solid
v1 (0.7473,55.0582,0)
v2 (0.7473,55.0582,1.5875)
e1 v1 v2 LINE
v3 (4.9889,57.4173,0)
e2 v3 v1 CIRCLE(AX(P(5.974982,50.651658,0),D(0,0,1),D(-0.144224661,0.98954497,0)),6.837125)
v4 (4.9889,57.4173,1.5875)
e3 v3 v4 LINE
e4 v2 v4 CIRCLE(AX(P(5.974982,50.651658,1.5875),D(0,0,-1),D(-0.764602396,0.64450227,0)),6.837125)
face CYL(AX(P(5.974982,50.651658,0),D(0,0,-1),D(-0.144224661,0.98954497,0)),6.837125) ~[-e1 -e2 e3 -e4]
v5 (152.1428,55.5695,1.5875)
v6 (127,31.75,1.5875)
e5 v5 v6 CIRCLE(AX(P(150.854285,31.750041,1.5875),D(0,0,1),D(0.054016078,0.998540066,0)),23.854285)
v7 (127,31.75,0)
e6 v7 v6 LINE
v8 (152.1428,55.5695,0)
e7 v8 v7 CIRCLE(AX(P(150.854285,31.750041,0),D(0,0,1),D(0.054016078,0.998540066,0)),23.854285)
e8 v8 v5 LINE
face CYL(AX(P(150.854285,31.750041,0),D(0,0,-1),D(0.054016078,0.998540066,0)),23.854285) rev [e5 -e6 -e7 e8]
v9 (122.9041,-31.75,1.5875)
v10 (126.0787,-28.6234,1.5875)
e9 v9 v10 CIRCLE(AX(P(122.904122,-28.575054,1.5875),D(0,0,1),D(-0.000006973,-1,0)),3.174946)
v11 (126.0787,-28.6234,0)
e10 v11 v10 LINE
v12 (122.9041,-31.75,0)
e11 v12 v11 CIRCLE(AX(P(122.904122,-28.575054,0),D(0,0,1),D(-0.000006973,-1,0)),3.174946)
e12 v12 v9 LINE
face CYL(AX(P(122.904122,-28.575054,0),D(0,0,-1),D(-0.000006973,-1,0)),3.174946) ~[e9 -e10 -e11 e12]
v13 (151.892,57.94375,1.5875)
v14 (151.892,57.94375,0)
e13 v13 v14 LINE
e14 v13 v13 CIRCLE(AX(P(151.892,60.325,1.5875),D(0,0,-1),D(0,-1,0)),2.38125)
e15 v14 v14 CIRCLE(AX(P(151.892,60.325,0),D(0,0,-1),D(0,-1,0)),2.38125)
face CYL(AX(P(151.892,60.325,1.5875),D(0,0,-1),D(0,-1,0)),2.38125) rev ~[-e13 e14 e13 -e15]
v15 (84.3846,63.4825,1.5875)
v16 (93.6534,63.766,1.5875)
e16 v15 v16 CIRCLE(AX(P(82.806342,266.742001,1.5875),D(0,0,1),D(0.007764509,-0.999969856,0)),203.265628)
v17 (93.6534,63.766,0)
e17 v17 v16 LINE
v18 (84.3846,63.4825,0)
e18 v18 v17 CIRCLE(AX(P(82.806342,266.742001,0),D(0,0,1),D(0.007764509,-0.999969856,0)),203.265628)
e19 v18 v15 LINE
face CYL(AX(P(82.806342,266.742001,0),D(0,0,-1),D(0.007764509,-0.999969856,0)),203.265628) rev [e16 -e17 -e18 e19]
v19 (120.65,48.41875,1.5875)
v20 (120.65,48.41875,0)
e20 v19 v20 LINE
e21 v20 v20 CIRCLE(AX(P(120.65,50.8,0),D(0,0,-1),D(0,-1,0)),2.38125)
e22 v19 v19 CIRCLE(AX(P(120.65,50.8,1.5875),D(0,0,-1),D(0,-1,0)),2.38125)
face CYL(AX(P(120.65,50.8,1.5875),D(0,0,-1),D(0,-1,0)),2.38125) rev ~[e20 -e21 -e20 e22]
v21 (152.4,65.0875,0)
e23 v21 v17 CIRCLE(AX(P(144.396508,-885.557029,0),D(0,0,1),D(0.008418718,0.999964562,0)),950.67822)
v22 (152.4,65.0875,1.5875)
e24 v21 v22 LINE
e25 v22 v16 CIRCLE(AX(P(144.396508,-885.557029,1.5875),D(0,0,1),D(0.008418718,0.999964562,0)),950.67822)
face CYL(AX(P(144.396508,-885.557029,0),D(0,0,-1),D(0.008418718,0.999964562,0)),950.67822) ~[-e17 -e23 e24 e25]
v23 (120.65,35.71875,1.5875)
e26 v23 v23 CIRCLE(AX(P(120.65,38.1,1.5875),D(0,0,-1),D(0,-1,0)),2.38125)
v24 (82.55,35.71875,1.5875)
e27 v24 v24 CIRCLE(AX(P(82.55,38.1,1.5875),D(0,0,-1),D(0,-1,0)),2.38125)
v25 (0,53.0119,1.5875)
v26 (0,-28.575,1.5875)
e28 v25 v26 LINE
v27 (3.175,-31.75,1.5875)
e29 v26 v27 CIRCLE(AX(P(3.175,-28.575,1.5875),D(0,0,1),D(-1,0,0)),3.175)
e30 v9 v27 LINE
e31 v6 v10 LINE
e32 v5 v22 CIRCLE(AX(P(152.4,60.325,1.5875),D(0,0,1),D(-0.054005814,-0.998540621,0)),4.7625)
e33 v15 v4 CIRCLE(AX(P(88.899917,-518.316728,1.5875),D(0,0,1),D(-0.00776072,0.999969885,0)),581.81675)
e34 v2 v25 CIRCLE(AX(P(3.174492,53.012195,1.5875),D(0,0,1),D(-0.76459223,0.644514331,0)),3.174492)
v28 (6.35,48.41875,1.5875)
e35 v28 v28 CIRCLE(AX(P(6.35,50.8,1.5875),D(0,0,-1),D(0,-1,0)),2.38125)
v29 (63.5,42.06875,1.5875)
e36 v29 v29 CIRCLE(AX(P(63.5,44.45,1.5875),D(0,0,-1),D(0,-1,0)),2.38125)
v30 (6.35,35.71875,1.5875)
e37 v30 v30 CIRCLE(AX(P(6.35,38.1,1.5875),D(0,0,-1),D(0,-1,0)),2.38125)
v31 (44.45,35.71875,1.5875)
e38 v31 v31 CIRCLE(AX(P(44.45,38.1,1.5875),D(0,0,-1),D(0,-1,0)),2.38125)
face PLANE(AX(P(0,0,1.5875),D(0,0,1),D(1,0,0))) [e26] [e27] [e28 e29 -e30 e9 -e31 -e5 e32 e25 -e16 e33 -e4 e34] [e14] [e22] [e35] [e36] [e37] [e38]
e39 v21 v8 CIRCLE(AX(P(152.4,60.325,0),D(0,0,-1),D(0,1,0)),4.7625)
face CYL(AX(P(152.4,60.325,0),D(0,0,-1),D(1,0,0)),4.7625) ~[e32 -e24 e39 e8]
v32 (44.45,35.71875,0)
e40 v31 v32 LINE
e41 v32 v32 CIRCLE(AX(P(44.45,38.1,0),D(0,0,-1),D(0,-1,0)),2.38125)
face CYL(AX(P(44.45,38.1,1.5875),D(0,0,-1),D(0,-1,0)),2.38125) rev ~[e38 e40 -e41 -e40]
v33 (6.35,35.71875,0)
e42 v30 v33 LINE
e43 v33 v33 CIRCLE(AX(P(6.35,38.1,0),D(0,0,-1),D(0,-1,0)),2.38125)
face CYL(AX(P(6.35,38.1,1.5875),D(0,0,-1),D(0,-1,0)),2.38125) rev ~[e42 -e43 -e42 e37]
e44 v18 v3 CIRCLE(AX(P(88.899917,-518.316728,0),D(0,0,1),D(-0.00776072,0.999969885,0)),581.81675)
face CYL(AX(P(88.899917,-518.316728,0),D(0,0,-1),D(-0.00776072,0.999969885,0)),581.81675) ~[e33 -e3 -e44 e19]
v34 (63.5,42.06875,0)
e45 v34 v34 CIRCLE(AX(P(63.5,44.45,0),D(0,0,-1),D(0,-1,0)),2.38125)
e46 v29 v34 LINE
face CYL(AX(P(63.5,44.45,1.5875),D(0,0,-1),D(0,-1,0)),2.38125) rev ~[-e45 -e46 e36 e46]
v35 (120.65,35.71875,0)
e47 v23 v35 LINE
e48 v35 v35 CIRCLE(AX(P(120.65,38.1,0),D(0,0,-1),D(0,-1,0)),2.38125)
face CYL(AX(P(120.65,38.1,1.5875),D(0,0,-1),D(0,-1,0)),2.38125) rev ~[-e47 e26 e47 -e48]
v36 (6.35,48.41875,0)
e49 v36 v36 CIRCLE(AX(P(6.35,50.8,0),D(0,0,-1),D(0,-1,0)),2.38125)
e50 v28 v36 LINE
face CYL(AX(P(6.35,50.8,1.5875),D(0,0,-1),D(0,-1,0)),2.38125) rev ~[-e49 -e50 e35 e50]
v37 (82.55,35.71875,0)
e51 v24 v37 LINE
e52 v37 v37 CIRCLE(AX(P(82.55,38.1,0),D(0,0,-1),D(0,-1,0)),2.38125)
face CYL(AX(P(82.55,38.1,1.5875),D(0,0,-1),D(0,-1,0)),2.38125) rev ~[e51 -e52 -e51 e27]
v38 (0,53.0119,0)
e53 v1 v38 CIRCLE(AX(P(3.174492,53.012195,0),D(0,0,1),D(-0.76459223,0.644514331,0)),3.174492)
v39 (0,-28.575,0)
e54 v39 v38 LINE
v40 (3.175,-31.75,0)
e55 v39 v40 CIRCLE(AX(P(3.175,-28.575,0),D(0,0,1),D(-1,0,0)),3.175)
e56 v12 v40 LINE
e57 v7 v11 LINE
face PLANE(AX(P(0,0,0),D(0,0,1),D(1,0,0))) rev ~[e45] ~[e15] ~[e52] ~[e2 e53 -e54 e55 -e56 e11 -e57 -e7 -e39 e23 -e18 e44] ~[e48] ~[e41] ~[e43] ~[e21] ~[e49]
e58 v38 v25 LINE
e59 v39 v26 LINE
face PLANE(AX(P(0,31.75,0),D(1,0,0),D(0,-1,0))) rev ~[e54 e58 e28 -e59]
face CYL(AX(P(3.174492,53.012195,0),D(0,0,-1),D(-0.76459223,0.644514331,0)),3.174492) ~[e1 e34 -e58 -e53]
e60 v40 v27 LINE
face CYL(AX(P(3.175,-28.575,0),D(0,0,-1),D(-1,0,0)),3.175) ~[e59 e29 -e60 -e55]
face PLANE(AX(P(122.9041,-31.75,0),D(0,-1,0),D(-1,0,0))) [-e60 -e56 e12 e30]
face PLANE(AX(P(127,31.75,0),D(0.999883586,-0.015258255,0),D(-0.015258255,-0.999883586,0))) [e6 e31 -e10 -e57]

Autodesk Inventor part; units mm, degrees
ref_plane "YZ Plane" through (0, 0, 0) normal (1, 0, 0) x (0, 1, 0)
ref_plane "XZ Plane" through (0, 0, 0) normal (0, 1, 0) x (-1, 0, 0)
ref_plane "XY Plane" through (0, 0, 0) normal (0, 0, 1) x (1, 0, 0)
sketch "Sketch1" plane through (0, 0, 0) normal (0, 0, 1) x (1, 0, 0)
  line L0 (127, 63.5) -> (127, 57.15)
  line L1 (127, 57.15) -> (127, 31.75)
  line L2 (127, 31.75) -> (152.4, 31.75)
  line L3 (0, 60.325) -> (0, 63.5)
  line L4 (0, 63.5) -> (0, 57.15)
  arc A0 (152.4, 57.15) -> (127, 31.75) centre (152.4, 31.75) ccw construction
  line L5 (127, 63.5) -> (152.4, 63.5) construction
  line L6 (152.4, 57.15) -> (152.4, 63.5) construction
  arc A1 (152.4, 57.15) -> (152.4, 63.5) centre (152.4, 60.325) ccw construction
  line L7 (127, 63.5) -> (88.9, 63.5) construction
  line L8 (0, 57.15) -> (1.3137, 57.15)
  line L9 (3.175, 57.15) -> (3.175, 53.975)
  arc A2 (3.175, 57.15) -> (0, 53.975) centre (3.175, 53.975) ccw
  arc A3 (84.3846, 63.4825) -> (4.9889, 57.4173) centre (88.9, -518.3187) ccw
  arc A4 (4.9889, 57.4173) -> (0.7473, 55.0582) centre (5.9749, 50.6519) ccw
  arc A5 (0.7473, 55.0582) -> (0, 53.0119) centre (3.175, 53.0119) ccw
  circle A6 centre (152.4, 60.325) radius 4.7625
  arc A7 (152.1428, 55.5695) -> (127, 31.75) centre (150.8543, 31.75) ccw
  line L10 (127, 60.325) -> (152.4, 60.325) construction
  arc A8 (152.4, 65.0875) -> (93.6534, 63.766) centre (144.3966, -885.5701) ccw
  arc A9 (84.3846, 63.4825) -> (93.6534, 63.766) centre (82.8076, 266.6764) ccw
  line L11 (0, 57.15) -> (0, 31.75)
  line L12 (0, 31.75) -> (0, -28.575)
  line L13 (127, 31.75) -> (126.0787, -28.6234)
  line L14 (122.9041, -31.75) -> (3.175, -31.75)
  arc A10 (0, -28.575) -> (3.175, -31.75) centre (3.175, -28.575) ccw
  arc A11 (122.9041, -31.75) -> (126.0787, -28.6234) centre (122.9041, -28.575) ccw
  point P0 (127, 44.45)
  point P1 (0, -31.75)
  point P2 (126.031, -31.75)
  point P3 (0, 53.0119)
  dimension "d15" = 6.35
  dimension "d23" = 25.4
  dimension "d24" = 25.4
  dimension "d25" = 6.35
  dimension "d27" = 0
  dimension "d28" = 38.1
  dimension "d29" = 3.175
  dimension "d31" = 3.175
  dimension "d39" = 9.525
  dimension "d40" = 203.2
  dimension "d41" = 25.4
  dimension "d42" = 63.5
  dimension "d43" = 3.175
extrude "Extrusion1" add sketch "Sketch1" along normal blind 1.5875 contours A4 A3 A9 A8 A6 A7 L13 A11 L14 A10 L12 L11 A5 | A6
sketch "Sketch2" plane through (0, 0, 1.5875) normal (0, 0, 1) x (1, 0, 0)
  line L0 (127, 63.5) -> (0, 63.5) projected
  line L1 (0, 63.5) -> (0, 50.8)
  line L2 (0, 63.5) -> (0, 0) projected
  line L3 (0, 50.8) -> (6.35, 50.8)
  line L4 (6.35, 50.8) -> (6.35, 38.1)
  line L5 (6.35, 50.8) -> (120.65, 50.8)
  line L6 (120.65, 50.8) -> (120.65, 38.1)
  line L7 (63.5, 50.8) -> (63.5, 44.45)
  line L8 (127, 63.5) -> (127, 60.325)
  line L9 (127, 60.325) -> (151.892, 60.325)
  line L10 (120.65, 38.1) -> (82.55, 38.1)
  line L11 (6.35, 38.1) -> (44.45, 38.1)
  point P0 (0, 60.325)
  point P1 (3.175, 63.5)
  dimension "d4" = 12.7
  dimension "d5" = 6.35
  dimension "d6" = 12.7
  dimension "d7" = 114.3
  dimension "d32" = 3.175
  dimension "d33" = 24.892
  dimension "d34" = 38.1
  dimension "d35" = 38.1
hole "Hole1" at (6.35, 38.1, 1.5875) at (6.35, 50.8, 1.5875) at (120.65, 38.1, 1.5875) at (120.65, 50.8, 1.5875) at (63.5, 44.45, 1.5875) at (151.892, 60.325, 1.5875) at (44.45, 38.1, 1.5875) at (82.55, 38.1, 1.5875) direction (0, 0, -1) diameter 4.7625 end through all
sketch "Sketch3" plane through (0, 0, 1.5875) normal (0, 0, 1) x (1, 0, 0)
  line L0 (0, 0) -> (0, 31.75)
  line L1 (0, 53.0119) -> (0, 3.175) projected
  line L2 (127, 3.175) -> (127, 31.75) projected
  line L3 (0, 31.75) -> (127, 31.75)
  dimension "d36" = 31.75
feature "Bend Part1" [suppressed]
properties part number "wings" material "Polycarbonate, Clear"
